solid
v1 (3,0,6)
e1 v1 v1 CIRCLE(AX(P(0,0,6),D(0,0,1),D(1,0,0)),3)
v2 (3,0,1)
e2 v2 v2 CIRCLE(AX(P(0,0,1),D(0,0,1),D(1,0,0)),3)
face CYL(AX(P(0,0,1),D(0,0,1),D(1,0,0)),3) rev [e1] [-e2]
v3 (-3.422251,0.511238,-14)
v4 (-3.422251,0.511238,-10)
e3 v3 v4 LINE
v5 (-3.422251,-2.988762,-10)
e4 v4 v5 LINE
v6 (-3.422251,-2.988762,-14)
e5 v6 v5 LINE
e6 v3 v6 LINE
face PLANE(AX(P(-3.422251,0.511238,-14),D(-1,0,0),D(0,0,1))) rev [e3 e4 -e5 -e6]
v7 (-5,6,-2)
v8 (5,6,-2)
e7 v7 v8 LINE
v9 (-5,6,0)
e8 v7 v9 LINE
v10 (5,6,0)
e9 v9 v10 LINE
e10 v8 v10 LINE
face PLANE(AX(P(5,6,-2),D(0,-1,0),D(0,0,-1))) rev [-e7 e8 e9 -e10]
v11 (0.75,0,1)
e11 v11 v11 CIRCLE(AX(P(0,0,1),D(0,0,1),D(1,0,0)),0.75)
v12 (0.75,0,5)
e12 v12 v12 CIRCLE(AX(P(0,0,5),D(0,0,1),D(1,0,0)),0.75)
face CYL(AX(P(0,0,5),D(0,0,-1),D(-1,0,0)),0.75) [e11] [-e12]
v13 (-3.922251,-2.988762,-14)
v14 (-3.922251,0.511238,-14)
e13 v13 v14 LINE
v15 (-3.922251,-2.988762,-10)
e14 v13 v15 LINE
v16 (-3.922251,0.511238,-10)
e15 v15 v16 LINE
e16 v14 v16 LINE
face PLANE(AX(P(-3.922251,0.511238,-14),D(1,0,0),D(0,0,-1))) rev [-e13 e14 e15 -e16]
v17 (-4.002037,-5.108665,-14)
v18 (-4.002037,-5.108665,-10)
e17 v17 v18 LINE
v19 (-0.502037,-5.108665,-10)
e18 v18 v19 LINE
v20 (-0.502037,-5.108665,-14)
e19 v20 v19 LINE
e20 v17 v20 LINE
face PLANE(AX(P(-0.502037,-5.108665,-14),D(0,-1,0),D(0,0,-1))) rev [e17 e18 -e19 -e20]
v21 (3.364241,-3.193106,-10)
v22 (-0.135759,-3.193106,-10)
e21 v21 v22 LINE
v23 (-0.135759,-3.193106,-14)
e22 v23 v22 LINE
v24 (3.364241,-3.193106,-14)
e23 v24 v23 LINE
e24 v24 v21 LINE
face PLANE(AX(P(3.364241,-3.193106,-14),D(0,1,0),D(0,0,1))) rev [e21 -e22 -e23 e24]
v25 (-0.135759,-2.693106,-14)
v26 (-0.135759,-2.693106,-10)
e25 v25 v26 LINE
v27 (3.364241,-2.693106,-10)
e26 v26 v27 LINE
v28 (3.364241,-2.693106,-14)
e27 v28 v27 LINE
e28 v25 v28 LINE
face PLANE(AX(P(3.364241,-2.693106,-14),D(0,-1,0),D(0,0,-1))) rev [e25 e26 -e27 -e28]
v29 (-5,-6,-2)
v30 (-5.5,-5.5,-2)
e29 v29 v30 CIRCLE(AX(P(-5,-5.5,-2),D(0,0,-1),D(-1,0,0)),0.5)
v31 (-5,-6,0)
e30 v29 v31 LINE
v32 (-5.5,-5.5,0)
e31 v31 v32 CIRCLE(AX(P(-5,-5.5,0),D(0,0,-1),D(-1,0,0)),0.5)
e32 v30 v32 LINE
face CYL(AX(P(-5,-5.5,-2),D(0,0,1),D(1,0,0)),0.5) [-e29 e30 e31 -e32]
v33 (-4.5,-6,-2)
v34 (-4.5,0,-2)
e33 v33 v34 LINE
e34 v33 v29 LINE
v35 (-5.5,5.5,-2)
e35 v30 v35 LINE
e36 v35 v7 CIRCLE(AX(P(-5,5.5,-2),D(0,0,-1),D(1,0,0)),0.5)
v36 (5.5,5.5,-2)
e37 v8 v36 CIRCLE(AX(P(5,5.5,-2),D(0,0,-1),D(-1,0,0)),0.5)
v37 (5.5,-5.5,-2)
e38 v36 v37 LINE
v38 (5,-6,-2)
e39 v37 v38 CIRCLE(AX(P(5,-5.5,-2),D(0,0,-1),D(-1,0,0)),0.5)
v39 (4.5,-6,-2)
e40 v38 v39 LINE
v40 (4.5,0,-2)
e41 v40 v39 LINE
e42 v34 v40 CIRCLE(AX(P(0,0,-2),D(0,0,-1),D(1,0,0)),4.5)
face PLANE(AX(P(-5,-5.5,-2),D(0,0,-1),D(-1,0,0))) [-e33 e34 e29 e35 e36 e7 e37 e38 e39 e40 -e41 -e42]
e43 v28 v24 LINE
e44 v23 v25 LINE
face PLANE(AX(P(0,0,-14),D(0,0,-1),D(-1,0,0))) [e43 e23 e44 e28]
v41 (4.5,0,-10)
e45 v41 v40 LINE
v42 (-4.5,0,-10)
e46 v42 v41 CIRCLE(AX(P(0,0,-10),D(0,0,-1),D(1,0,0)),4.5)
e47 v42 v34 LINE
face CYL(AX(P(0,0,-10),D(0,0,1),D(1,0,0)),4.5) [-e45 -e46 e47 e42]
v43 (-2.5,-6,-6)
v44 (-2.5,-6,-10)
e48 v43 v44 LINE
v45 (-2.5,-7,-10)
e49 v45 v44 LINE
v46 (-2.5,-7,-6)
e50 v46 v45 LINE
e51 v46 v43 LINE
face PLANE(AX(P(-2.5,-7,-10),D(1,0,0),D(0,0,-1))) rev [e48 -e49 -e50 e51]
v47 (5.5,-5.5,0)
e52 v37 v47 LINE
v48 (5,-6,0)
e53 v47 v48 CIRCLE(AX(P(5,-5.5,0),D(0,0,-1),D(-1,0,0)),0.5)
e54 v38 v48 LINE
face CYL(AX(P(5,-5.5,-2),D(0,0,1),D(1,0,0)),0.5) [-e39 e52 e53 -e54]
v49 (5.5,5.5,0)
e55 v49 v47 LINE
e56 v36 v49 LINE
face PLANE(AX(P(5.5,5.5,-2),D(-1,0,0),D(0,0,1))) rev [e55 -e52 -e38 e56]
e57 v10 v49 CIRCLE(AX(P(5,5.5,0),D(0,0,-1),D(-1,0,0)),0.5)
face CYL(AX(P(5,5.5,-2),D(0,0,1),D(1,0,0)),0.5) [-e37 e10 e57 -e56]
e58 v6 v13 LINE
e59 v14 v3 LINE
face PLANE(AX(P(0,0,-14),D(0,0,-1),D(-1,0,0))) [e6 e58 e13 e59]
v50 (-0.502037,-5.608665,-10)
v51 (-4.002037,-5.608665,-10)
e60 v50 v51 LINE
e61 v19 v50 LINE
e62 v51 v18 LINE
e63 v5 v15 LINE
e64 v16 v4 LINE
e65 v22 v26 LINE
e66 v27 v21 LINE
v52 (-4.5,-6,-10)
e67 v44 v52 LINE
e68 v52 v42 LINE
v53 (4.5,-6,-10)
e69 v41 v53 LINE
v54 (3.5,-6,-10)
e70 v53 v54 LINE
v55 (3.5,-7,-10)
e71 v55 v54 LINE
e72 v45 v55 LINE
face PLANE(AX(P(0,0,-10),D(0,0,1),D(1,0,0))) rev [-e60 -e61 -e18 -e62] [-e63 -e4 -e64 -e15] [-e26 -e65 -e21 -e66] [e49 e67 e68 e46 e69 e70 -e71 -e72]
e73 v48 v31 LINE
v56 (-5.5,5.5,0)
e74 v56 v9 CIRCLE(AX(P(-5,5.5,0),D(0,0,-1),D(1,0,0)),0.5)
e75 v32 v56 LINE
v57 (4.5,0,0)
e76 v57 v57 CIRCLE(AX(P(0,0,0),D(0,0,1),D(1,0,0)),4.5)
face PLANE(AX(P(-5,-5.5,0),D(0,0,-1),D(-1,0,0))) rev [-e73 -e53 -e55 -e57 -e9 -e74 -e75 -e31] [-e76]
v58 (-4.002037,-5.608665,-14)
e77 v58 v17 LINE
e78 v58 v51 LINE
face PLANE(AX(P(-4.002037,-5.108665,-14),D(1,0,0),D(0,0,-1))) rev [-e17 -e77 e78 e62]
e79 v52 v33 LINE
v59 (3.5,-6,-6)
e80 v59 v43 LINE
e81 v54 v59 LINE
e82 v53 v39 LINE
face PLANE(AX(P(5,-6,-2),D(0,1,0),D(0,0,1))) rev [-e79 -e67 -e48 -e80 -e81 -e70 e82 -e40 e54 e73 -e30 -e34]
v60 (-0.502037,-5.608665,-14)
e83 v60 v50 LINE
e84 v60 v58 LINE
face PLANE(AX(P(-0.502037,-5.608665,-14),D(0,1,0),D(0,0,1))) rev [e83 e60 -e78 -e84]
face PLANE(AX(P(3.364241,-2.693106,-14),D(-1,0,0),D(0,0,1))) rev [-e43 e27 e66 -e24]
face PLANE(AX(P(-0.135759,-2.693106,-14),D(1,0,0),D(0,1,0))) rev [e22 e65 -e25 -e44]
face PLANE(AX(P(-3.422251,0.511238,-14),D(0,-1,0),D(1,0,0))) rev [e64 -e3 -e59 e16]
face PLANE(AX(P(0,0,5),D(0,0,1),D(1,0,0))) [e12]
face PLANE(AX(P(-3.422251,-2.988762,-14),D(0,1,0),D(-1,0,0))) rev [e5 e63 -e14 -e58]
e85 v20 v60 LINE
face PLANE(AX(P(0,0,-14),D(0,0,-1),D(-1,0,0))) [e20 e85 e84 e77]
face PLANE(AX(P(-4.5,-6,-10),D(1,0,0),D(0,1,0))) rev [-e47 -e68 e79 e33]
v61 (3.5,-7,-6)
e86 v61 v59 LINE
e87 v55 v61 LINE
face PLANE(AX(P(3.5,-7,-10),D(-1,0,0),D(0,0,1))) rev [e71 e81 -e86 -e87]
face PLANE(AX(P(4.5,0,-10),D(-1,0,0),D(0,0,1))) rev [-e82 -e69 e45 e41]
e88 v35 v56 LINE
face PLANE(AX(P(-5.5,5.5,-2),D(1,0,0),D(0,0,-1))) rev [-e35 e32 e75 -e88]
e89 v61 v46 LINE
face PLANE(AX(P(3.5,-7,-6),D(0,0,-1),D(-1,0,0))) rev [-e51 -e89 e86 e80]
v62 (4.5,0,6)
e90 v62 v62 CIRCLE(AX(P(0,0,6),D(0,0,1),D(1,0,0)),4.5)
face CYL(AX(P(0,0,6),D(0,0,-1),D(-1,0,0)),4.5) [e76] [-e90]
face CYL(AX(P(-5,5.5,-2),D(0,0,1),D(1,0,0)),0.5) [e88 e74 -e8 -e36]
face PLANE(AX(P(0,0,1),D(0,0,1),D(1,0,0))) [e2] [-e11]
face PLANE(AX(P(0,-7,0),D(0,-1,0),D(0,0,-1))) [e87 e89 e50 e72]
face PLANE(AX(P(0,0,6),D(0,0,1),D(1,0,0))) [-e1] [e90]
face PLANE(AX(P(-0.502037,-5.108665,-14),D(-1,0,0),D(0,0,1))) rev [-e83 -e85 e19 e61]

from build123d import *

# Parameters (mm, degrees)
SKETCH1_R           = 4.5
BOSS_EXTRUDE1_DEPTH = 6
SKETCH2_R           = 3
CUT_EXTRUDE1_DEPTH  = 5
SKETCH3_R           = 0.75
BOSS_EXTRUDE2_DEPTH = 4
BOSS_EXTRUDE3_DEPTH = 2
BOSS_EXTRUDE4_DEPTH = 8
SKETCH7_W           = 0.5
SKETCH7_H           = 3.5
SKETCH7_W_2         = 3.5
SKETCH7_H_2         = 0.5
BOSS_EXTRUDE5_DEPTH = 4
SKETCH8_W           = 6
SKETCH8_H           = 4
BOSS_EXTRUDE6_DEPTH = 1


with BuildPart() as part:
    # Sketch1 → Boss-Extrude1 (new body)
    with BuildSketch(Plane.XY):
        Circle(SKETCH1_R)
    extrude(amount=BOSS_EXTRUDE1_DEPTH)

    # Sketch2 → Cut-Extrude1 (cut)
    with BuildSketch(Plane.XY.offset(6)):
        Circle(SKETCH2_R)
    extrude(amount=-CUT_EXTRUDE1_DEPTH, mode=Mode.SUBTRACT)

    # Sketch3 → Boss-Extrude2 (add)
    with BuildSketch(Plane.XY.offset(1)):
        Circle(SKETCH3_R)
    extrude(amount=BOSS_EXTRUDE2_DEPTH)

    # Sketch5 → Boss-Extrude3 (add)
    with BuildSketch(Plane(origin=(0, 0, 0), x_dir=(-1, 0, 0), z_dir=(0, 0, -1))):
        with BuildLine():
            Line((-5, 6), (5, 6))
            ThreePointArc((5, 6), (5.353553391, 5.853553391), (5.5, 5.5))
            Line((5.5, 5.5), (5.5, -5.5))
            ThreePointArc((5.5, -5.5), (5.353553391, -5.853553391), (5, -6))
            Line((5, -6), (-5, -6))
            ThreePointArc((-5, -6), (-5.353553391, -5.853553391), (-5.5, -5.5))
            Line((-5.5, -5.5), (-5.5, 5.5))
            ThreePointArc((-5.5, 5.5), (-5.353553391, 5.853553391), (-5, 6))
        make_face()
    extrude(amount=BOSS_EXTRUDE3_DEPTH)

    # Sketch6 → Boss-Extrude4 (add)
    with BuildSketch(Plane(origin=(0, 0, -2), x_dir=(-1, 0, 0), z_dir=(0, 0, -1))):
        with BuildLine():
            Line((-4.5, 0), (-4.5, -6))
            Line((-4.5, -6), (4.5, -6))
            Line((4.5, -6), (4.5, 0))
            ThreePointArc((4.5, 0), (0, 4.5), (-4.5, 0))
        make_face()
    extrude(amount=BOSS_EXTRUDE4_DEPTH)

    # Sketch7 → Boss-Extrude5 (add)
    with BuildSketch(Plane(origin=(0, 0, -10), x_dir=(-1, 0, 0), z_dir=(0, 0, -1))):
        with Locations((3.672251412, -1.23876186)):
            Rectangle(SKETCH7_W, SKETCH7_H)
        with Locations((2.252036974, -5.358665001)):
            Rectangle(SKETCH7_W_2, SKETCH7_H_2)
        with Locations((-1.614241264, -2.943106028)):
            Rectangle(SKETCH7_W_2, SKETCH7_H_2)
    extrude(amount=BOSS_EXTRUDE5_DEPTH)

    # Sketch8 → Boss-Extrude6 (add)
    with BuildSketch(Plane(origin=(0, -6, 0), x_dir=(-1, 0, 0), z_dir=(0, -1, 0))):
        with Locations((-0.5, 8)):
            Rectangle(SKETCH8_W, SKETCH8_H)
    extrude(amount=BOSS_EXTRUDE6_DEPTH)


solid = part.part
